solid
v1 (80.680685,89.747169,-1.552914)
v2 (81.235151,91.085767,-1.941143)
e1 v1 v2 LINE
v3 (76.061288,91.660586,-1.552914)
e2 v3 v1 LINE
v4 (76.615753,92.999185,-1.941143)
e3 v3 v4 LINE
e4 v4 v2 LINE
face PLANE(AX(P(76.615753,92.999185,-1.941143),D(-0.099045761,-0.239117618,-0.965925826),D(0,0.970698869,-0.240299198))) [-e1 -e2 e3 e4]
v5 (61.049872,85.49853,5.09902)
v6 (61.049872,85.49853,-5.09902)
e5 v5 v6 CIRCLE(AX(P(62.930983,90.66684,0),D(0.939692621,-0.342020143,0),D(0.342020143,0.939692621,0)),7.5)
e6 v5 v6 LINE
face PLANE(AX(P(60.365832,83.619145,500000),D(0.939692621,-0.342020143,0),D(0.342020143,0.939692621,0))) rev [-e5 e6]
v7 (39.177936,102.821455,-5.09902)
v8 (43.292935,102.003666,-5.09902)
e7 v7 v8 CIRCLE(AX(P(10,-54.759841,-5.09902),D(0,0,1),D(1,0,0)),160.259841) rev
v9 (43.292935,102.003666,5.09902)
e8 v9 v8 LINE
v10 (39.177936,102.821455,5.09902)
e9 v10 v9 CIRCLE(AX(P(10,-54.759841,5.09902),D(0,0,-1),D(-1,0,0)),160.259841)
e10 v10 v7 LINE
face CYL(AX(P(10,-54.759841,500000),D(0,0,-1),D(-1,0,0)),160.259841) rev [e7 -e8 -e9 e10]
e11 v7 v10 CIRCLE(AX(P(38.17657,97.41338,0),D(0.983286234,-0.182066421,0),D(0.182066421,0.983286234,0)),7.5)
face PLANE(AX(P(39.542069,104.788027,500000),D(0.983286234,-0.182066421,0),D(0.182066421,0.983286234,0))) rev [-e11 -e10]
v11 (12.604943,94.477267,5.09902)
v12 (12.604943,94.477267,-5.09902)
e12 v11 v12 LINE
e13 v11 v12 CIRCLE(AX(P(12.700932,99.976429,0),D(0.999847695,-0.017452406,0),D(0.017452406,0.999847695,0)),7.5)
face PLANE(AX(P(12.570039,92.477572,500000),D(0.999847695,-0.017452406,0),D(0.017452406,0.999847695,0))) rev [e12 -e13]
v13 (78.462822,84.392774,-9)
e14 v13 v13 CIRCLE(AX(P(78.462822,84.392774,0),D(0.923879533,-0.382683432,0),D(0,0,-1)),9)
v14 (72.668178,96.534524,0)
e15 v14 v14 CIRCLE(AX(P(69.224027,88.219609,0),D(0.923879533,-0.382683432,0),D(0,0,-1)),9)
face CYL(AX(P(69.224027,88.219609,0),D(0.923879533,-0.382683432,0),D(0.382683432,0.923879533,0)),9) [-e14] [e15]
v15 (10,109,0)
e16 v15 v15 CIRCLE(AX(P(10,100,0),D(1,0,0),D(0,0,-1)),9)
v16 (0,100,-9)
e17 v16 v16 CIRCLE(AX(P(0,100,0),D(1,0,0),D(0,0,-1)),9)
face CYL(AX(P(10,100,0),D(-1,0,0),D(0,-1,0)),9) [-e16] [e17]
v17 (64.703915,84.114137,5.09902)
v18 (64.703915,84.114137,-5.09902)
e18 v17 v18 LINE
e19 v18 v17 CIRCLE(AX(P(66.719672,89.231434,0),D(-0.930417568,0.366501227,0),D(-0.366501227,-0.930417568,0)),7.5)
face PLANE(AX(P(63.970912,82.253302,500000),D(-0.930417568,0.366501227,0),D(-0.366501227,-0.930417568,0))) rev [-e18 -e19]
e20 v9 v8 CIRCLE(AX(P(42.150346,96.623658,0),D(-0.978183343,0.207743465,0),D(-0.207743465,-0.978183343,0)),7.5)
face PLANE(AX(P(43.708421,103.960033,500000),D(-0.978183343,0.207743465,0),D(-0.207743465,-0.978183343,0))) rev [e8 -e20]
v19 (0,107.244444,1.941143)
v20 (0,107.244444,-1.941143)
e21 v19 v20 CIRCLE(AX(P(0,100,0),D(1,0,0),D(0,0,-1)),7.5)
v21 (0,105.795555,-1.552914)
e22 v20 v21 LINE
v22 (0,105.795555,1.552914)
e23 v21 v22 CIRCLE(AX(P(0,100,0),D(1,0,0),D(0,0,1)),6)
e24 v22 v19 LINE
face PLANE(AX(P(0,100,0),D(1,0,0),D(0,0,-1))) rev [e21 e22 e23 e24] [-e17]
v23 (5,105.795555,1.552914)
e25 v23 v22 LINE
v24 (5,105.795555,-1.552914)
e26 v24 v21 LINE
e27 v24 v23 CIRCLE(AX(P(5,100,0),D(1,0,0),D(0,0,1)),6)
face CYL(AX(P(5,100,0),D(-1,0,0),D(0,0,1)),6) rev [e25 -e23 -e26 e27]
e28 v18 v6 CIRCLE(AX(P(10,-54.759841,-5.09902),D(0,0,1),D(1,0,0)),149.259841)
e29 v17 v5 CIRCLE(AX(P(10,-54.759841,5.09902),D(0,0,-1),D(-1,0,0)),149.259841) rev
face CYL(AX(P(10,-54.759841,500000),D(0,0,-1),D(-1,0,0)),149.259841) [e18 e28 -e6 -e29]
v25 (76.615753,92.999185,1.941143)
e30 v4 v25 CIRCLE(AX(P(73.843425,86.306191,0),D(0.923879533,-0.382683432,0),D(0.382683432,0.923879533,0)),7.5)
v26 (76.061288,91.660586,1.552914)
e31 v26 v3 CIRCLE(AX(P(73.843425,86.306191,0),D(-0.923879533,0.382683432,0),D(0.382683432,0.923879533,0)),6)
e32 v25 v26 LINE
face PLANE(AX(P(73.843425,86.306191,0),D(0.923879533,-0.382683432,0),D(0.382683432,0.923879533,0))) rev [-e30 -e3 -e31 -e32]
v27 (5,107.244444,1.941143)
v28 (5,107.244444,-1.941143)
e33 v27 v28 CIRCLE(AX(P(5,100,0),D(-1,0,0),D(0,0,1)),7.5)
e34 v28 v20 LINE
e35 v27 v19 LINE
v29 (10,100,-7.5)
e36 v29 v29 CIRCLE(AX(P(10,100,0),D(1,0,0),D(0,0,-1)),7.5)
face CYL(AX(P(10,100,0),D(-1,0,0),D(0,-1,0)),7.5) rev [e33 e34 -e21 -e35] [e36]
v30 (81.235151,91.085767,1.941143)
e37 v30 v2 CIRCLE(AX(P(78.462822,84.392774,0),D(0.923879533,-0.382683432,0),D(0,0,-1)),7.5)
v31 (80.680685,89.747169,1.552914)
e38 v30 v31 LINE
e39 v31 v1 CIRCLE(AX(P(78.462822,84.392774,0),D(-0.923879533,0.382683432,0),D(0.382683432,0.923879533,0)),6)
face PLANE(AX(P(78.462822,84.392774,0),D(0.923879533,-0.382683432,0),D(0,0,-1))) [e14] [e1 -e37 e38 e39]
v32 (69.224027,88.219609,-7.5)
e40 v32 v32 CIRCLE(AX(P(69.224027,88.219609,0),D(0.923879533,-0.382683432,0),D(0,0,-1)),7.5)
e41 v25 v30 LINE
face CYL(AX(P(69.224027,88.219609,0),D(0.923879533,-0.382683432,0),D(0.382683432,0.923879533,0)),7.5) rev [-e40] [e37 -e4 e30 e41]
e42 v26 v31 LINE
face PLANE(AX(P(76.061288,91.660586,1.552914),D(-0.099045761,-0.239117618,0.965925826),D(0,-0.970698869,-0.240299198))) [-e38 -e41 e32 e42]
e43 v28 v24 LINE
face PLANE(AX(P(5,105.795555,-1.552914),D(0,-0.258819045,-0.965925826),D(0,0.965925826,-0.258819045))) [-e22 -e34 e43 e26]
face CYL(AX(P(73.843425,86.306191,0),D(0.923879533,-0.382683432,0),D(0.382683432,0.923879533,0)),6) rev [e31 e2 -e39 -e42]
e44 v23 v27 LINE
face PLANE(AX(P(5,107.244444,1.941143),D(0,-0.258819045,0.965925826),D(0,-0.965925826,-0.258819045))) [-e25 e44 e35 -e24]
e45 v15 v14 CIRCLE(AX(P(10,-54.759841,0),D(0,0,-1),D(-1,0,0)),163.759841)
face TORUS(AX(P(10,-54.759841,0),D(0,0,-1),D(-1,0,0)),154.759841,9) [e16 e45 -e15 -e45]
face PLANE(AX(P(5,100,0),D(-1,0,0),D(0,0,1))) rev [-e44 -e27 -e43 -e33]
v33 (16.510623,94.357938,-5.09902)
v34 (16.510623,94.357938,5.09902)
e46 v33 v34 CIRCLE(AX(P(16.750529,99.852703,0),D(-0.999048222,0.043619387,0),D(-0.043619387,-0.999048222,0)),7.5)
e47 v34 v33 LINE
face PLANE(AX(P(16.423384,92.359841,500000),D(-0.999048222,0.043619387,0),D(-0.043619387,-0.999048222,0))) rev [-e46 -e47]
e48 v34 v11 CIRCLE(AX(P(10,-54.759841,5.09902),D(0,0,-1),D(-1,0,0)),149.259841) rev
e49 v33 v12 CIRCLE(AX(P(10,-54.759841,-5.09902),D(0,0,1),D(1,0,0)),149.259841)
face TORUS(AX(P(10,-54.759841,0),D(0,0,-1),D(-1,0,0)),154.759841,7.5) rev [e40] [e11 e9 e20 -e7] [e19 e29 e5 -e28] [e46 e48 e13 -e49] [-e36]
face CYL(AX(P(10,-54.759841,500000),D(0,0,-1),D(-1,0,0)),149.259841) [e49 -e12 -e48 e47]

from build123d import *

# Parameters (mm, degrees)
SKETCH3_R                                  = 9
SKETCH3_R_2                                = 7.5
BOSS_EXTRUDE3_START                        = -5
BOSS_EXTRUDE3_DEPTH                        = 5
BOSS_EXTRUDE4_DEPTH                        = 5
BOSS_EXTRUDE5_REACH                        = 138.641
BOSS_EXTRUDE5_END_MAJOR_RADIUS             = 154.759840898
BOSS_EXTRUDE5_END_MINOR_RADIUS             = 7.5
BOSS_EXTRUDE5_DIRECTION_2_REACH            = 138.641
BOSS_EXTRUDE5_DIRECTION_2_END_MAJOR_RADIUS = 154.759840898
BOSS_EXTRUDE5_DIRECTION_2_END_MINOR_RADIUS = 7.5


with BuildPart() as part:
    # Sweep1: sweep along a path in Sketch2path
    with BuildLine(Plane.XY) as sweep1_path:
        Line((78.462822432, 84.392774239), (69.224027107, 88.219608562))
        ThreePointArc((69.224027107, 88.219608562), (40.192147196, 97.026333052), (10, 100))
        Line((10, 100), (0, 100))
    # Sketch3 → Sweep1 (sweep)
    with BuildSketch(Plane(origin=(0, 0, 0), x_dir=(0, 0, -1), z_dir=(1, 0, 0))):
        with Locations((0, 100)):
            Circle(SKETCH3_R)
        with Locations((0, 100)):
            Circle(SKETCH3_R_2, mode=Mode.SUBTRACT)
    sweep(path=sweep1_path.line)

    # Sketch9 → Boss-Extrude3 (add)
    with BuildSketch(Plane(origin=(37.134856649, -15.381761261, 0), x_dir=(0, 0, -1), z_dir=(0.9238795325112893, -0.3826834323650841, 0)).offset(BOSS_EXTRUDE3_START)):
        with BuildLine():
            Line((-1.552914271, 113.79073397), (-1.941142838, 115.23962271))
            ThreePointArc((-1.941142838, 115.23962271), (0, 115.495179012), (1.941142838, 115.23962271))
            Line((1.941142838, 115.23962271), (1.552914271, 113.79073397))
            ThreePointArc((1.552914271, 113.79073397), (0, 113.995179012), (-1.552914271, 113.79073397))
        make_face()
    extrude(amount=BOSS_EXTRUDE3_DEPTH)

    # Sketch10 → Boss-Extrude4 (add)
    with BuildSketch(Plane.ZY):
        with BuildLine():
            Line((-1.552914271, 105.795554958), (-1.941142838, 107.244443697))
            ThreePointArc((-1.941142838, 107.244443697), (0, 107.5), (1.941142838, 107.244443697))
            Line((1.941142838, 107.244443697), (1.552914271, 105.795554958))
            ThreePointArc((1.552914271, 105.795554958), (0, 106), (-1.552914271, 105.795554958))
        make_face()
    extrude(amount=-BOSS_EXTRUDE4_DEPTH)

    # Boss-Extrude5: up to this torus (the profile starts inside it)
    boss_extrude5_end = Plane(origin=(10, -54.759840898, 0), z_dir=(0, 0, -1)) * Torus(BOSS_EXTRUDE5_END_MAJOR_RADIUS, BOSS_EXTRUDE5_END_MINOR_RADIUS, mode=Mode.PRIVATE)
    # Sketch12 → Boss-Extrude5 (add, up to the surface)
    with BuildSketch(Plane.XY, mode=Mode.PRIVATE) as boss_extrude5_sk1:
        with BuildLine():
            Line((12.604943408, 94.477267003), (12.570038595, 92.477571613))
            ThreePointArc((12.570038595, 92.477571613), (14.497096597, 92.431316661), (16.423384043, 92.359841262))
            Line((16.423384043, 92.359841262), (16.510622818, 94.357937705))
            ThreePointArc((16.510622818, 94.357937705), (14.558173623, 94.430383842), (12.604943408, 94.477267003))
        make_face()
    boss_extrude5_tool1 = extrude(boss_extrude5_sk1.sketch, amount=BOSS_EXTRUDE5_REACH, mode=Mode.PRIVATE) & boss_extrude5_end
    add(boss_extrude5_tool1.solids().sort_by_distance((14.527574, 93.428865, 0))[0])
    # Sketch12 → Boss-Extrude5 (add, up to the surface)
    with BuildSketch(Plane.XY, mode=Mode.PRIVATE) as boss_extrude5_sk2:
        with BuildLine():
            ThreePointArc((60.36583189, 83.619144932), (62.172841887, 82.948021298), (63.970912336, 82.253302132))
            Line((63.970912336, 82.253302132), (64.70391479, 84.114137268))
            ThreePointArc((64.70391479, 84.114137268), (62.881423963, 84.818291718), (61.049872177, 85.498530174))
            Line((61.049872177, 85.498530174), (60.36583189, 83.619144932))
        make_face()
    boss_extrude5_tool2 = extrude(boss_extrude5_sk2.sketch, amount=BOSS_EXTRUDE5_REACH, mode=Mode.PRIVATE) & boss_extrude5_end
    add(boss_extrude5_tool2.solids().sort_by_distance((62.526429, 83.8813, 0))[0])
    # Sketch12 → Boss-Extrude5 (add, up to the surface)
    with BuildSketch(Plane.XY, mode=Mode.PRIVATE) as boss_extrude5_sk3:
        with BuildLine():
            ThreePointArc((43.708421499, 103.960032742), (41.627954662, 104.38766443), (39.542068537, 104.788027012))
            Line((39.542068537, 104.788027012), (39.177935695, 102.821454544))
            ThreePointArc((39.177935695, 102.821454544), (41.238111377, 102.426026794), (43.29293457, 102.003666055))
            Line((43.29293457, 102.003666055), (43.708421499, 103.960032742))
        make_face()
    boss_extrude5_tool3 = extrude(boss_extrude5_sk3.sketch, amount=BOSS_EXTRUDE5_REACH, mode=Mode.PRIVATE) & boss_extrude5_end
    add(boss_extrude5_tool3.solids().sort_by_distance((41.432538, 103.404356, 0))[0])

    # Boss-Extrude5 direction 2: up to this torus (the profile starts inside it)
    boss_extrude5_direction_2_end = Plane(origin=(10, -54.759840898, 0), z_dir=(0, 0, -1)) * Torus(BOSS_EXTRUDE5_DIRECTION_2_END_MAJOR_RADIUS, BOSS_EXTRUDE5_DIRECTION_2_END_MINOR_RADIUS, mode=Mode.PRIVATE)
    # Sketch12 → Boss-Extrude5 direction 2 (add, up to the surface)
    with BuildSketch(Plane.XY, mode=Mode.PRIVATE) as boss_extrude5_direction_2_sk1:
        with BuildLine():
            Line((12.604943408, 94.477267003), (12.570038595, 92.477571613))
            ThreePointArc((12.570038595, 92.477571613), (14.497096597, 92.431316661), (16.423384043, 92.359841262))
            Line((16.423384043, 92.359841262), (16.510622818, 94.357937705))
            ThreePointArc((16.510622818, 94.357937705), (14.558173623, 94.430383842), (12.604943408, 94.477267003))
        make_face()
    boss_extrude5_direction_2_tool1 = extrude(boss_extrude5_direction_2_sk1.sketch, amount=-BOSS_EXTRUDE5_DIRECTION_2_REACH, mode=Mode.PRIVATE) & boss_extrude5_direction_2_end
    add(boss_extrude5_direction_2_tool1.solids().sort_by_distance((14.527574, 93.428865, 0))[0])
    # Sketch12 → Boss-Extrude5 direction 2 (add, up to the surface)
    with BuildSketch(Plane.XY, mode=Mode.PRIVATE) as boss_extrude5_direction_2_sk2:
        with BuildLine():
            ThreePointArc((60.36583189, 83.619144932), (62.172841887, 82.948021298), (63.970912336, 82.253302132))
            Line((63.970912336, 82.253302132), (64.70391479, 84.114137268))
            ThreePointArc((64.70391479, 84.114137268), (62.881423963, 84.818291718), (61.049872177, 85.498530174))
            Line((61.049872177, 85.498530174), (60.36583189, 83.619144932))
        make_face()
    boss_extrude5_direction_2_tool2 = extrude(boss_extrude5_direction_2_sk2.sketch, amount=-BOSS_EXTRUDE5_DIRECTION_2_REACH, mode=Mode.PRIVATE) & boss_extrude5_direction_2_end
    add(boss_extrude5_direction_2_tool2.solids().sort_by_distance((62.526429, 83.8813, 0))[0])
    # Sketch12 → Boss-Extrude5 direction 2 (add, up to the surface)
    with BuildSketch(Plane.XY, mode=Mode.PRIVATE) as boss_extrude5_direction_2_sk3:
        with BuildLine():
            ThreePointArc((43.708421499, 103.960032742), (41.627954662, 104.38766443), (39.542068537, 104.788027012))
            Line((39.542068537, 104.788027012), (39.177935695, 102.821454544))
            ThreePointArc((39.177935695, 102.821454544), (41.238111377, 102.426026794), (43.29293457, 102.003666055))
            Line((43.29293457, 102.003666055), (43.708421499, 103.960032742))
        make_face()
    boss_extrude5_direction_2_tool3 = extrude(boss_extrude5_direction_2_sk3.sketch, amount=-BOSS_EXTRUDE5_DIRECTION_2_REACH, mode=Mode.PRIVATE) & boss_extrude5_direction_2_end
    add(boss_extrude5_direction_2_tool3.solids().sort_by_distance((41.432538, 103.404356, 0))[0])


solid = part.part
